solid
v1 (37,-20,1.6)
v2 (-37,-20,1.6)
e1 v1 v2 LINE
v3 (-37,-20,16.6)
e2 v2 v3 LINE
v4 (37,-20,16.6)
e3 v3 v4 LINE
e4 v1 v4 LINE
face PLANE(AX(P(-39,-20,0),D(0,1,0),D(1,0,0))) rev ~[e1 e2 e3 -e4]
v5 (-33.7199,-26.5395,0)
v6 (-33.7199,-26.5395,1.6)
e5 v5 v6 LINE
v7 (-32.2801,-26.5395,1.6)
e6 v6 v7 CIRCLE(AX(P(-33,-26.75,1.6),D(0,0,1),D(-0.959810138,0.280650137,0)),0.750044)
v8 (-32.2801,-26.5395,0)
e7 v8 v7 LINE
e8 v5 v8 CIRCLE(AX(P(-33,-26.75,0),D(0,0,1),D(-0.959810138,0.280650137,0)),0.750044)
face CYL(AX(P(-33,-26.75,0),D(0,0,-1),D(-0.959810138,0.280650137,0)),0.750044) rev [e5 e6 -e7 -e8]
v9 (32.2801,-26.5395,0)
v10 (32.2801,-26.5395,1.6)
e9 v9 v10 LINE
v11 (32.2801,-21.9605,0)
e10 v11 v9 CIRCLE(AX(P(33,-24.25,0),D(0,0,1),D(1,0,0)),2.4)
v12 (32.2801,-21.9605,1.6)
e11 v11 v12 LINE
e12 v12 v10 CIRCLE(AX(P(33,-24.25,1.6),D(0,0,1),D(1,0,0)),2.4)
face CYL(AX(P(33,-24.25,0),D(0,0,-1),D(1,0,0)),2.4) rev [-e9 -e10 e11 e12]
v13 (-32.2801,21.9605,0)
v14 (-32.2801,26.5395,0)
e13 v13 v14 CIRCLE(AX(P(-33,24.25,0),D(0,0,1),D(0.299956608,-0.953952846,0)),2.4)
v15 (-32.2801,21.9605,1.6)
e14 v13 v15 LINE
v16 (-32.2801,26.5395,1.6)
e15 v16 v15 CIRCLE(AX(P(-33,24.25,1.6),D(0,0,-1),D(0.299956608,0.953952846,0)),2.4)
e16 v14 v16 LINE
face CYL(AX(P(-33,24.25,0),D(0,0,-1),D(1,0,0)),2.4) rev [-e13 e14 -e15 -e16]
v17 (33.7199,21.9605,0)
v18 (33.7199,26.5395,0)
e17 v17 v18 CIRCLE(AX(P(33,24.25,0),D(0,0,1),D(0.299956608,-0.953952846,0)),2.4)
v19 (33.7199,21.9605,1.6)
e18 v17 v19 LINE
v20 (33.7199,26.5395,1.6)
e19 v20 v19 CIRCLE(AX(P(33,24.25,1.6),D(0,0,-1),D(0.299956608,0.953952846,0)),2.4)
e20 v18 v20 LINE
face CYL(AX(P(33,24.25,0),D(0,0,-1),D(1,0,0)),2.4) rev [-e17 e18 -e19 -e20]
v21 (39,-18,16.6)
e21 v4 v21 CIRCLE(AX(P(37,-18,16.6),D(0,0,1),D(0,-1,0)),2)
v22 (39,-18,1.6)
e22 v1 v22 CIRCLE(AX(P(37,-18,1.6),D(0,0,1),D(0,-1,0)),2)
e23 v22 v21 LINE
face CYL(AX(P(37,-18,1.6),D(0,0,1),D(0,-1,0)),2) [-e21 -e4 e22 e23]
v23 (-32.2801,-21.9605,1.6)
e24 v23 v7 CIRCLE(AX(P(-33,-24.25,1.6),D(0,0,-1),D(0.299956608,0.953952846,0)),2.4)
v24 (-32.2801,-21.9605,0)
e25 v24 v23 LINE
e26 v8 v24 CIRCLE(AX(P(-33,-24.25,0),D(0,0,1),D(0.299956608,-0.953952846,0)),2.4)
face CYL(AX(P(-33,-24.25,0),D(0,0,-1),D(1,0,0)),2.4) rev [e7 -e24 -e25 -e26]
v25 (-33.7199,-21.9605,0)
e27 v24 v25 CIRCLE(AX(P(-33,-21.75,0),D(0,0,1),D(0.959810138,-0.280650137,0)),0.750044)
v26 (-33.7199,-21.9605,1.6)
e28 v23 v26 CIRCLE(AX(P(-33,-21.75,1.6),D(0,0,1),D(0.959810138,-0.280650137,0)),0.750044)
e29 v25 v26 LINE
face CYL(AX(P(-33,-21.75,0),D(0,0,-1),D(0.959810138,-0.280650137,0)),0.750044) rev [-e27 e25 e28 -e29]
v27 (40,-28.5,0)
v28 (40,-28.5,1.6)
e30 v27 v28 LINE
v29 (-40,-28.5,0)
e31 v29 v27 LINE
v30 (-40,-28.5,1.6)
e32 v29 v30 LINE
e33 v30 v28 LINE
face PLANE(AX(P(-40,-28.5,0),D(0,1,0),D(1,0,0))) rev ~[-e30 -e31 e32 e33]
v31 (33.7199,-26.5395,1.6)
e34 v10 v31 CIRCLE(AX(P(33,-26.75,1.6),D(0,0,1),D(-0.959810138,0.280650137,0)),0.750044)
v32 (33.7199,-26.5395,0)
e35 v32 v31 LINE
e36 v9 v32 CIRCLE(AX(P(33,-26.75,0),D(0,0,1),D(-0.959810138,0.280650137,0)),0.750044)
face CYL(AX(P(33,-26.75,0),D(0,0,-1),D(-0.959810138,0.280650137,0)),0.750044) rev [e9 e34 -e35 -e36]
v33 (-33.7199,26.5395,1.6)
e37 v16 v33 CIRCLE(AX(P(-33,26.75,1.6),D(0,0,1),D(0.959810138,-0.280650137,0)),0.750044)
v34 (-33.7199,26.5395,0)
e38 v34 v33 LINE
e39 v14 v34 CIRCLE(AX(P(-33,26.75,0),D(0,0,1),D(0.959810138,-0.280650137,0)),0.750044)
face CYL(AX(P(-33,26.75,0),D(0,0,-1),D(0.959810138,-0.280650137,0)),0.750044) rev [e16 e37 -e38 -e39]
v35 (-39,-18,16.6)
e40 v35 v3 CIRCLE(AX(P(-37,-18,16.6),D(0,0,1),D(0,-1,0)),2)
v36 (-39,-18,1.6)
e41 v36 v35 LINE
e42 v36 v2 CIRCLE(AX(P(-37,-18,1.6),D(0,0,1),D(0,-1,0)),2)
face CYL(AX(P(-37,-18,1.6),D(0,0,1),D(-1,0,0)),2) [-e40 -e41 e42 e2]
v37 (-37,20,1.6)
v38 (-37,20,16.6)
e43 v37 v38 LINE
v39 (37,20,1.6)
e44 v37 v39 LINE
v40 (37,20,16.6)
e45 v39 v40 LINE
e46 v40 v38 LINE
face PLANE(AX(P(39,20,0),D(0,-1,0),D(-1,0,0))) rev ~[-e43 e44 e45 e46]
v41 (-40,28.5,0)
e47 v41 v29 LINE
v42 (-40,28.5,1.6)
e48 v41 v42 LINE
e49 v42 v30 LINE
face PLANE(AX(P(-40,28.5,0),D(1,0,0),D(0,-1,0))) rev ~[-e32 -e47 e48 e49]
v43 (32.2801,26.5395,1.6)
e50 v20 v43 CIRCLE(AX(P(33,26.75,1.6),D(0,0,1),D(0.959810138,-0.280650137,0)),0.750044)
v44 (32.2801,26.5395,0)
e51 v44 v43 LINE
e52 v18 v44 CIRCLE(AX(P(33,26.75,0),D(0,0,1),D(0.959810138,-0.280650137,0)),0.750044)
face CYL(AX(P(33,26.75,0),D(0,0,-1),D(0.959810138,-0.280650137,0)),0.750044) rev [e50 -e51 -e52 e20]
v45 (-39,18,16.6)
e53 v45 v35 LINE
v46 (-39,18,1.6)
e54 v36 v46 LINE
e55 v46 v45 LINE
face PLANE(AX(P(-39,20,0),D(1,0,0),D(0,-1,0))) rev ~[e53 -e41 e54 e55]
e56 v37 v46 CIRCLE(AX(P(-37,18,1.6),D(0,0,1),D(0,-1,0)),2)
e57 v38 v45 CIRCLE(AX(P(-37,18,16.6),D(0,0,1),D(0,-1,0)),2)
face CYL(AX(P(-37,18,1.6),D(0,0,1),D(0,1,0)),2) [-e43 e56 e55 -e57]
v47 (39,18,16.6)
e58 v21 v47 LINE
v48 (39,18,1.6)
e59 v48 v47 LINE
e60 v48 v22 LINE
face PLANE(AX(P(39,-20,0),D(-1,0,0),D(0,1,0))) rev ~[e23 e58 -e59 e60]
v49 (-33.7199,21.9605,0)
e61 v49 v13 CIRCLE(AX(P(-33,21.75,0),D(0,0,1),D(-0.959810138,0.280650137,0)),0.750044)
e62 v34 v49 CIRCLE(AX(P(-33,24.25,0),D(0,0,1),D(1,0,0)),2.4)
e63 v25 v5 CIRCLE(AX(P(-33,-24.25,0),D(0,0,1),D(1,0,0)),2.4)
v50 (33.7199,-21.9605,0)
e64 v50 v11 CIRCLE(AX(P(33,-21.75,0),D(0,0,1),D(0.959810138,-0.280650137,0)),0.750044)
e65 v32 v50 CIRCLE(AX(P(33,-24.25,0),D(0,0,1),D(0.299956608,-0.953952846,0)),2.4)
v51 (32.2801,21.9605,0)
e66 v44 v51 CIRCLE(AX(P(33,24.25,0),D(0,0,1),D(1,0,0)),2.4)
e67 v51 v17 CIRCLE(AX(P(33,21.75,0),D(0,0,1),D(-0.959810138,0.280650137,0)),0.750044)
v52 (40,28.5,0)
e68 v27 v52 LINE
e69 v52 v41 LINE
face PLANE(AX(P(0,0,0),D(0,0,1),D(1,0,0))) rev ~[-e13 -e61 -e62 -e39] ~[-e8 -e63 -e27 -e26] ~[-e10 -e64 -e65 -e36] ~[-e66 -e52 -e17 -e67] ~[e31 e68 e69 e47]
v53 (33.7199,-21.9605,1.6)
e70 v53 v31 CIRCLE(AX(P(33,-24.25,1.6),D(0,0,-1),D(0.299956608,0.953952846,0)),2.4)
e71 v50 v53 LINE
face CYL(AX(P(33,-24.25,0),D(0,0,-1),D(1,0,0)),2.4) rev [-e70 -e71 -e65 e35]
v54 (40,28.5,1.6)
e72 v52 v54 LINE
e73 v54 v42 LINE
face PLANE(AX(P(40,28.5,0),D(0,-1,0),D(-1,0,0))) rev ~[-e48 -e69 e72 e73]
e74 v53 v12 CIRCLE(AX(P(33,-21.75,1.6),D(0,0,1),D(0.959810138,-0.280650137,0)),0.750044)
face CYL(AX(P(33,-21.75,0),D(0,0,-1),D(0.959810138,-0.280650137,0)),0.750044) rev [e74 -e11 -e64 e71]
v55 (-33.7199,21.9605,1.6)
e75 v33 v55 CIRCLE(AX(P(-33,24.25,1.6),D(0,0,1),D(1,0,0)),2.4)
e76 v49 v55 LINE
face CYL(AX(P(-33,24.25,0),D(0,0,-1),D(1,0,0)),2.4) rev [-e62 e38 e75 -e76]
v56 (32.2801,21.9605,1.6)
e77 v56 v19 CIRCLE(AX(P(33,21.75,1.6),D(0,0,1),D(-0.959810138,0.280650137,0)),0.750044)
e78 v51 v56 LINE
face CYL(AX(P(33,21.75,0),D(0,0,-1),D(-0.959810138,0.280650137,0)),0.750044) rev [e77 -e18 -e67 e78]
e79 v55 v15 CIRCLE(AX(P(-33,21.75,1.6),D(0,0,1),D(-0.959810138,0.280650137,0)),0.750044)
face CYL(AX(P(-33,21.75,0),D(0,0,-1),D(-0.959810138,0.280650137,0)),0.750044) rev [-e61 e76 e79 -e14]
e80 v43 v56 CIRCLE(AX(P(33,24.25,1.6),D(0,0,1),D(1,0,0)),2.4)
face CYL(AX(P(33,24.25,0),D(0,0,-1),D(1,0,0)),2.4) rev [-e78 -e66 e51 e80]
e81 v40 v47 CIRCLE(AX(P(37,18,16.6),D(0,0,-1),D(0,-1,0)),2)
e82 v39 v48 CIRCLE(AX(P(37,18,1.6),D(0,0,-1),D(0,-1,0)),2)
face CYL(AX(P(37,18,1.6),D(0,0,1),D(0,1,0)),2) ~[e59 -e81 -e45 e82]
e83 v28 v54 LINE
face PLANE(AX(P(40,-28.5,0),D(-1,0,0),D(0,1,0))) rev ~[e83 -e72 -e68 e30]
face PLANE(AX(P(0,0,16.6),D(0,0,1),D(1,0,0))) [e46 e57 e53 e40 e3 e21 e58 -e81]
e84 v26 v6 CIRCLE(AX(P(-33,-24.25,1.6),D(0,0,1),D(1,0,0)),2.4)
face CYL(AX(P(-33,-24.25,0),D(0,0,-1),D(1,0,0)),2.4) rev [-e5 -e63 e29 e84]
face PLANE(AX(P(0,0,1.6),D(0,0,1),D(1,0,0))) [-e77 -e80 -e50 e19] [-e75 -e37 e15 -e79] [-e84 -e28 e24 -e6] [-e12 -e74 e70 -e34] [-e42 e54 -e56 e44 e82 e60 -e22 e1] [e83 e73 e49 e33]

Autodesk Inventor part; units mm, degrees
ref_plane "YZ Plane" through (0, 0, 0) normal (1, 0, 0) x (0, 1, 0)
ref_plane "XZ Plane" through (0, 0, 0) normal (0, 1, 0) x (-1, 0, 0)
ref_plane "XY Plane" through (0, 0, 0) normal (0, 0, 1) x (1, 0, 0)
sketch "Sketch1" plane through (0, 0, 0) normal (0, 0, 1) x (1, 0, 0)
  line L0 (40, 28.5) -> (-40, 28.5)
  line L1 (-40, 28.5) -> (-40, -28.5)
  line L2 (-40, -28.5) -> (40, -28.5)
  line L3 (40, -28.5) -> (40, 28.5)
  line L4 (40, 28.5) -> (-40, -28.5) construction
  line L5 (-40, 28.5) -> (40, -28.5) construction
  line L6 (-33, 24.25) -> (33, 24.25) construction
  line L7 (33, 24.25) -> (33, -24.25) construction
  line L8 (33, -24.25) -> (-33, -24.25) construction
  line L9 (-33, -24.25) -> (-33, 24.25) construction
  line L10 (-33, 24.25) -> (33, -24.25) construction
  line L11 (33, 24.25) -> (-33, -24.25) construction
  line L12 (40, 0) -> (-40, 0) construction
  line L13 (0, 28.5) -> (0, -28.5) construction
  circle A0 centre (33, 24.25) radius 2.4
  circle A1 centre (-33, 24.25) radius 2.4
  circle A2 centre (33, -24.25) radius 2.4
  circle A3 centre (-33, -24.25) radius 2.4
  line L14 (33, 27.5) -> (33, 21) construction
  arc A4 (32.2801, 21.9605) -> (33.7199, 21.9605) centre (33, 21.75) ccw
  arc A5 (-33.7199, 21.9605) -> (-32.2801, 21.9605) centre (-33, 21.75) ccw
  arc A6 (33.7199, -21.9605) -> (32.2801, -21.9605) centre (33, -21.75) ccw
  arc A7 (-32.2801, -21.9605) -> (-33.7199, -21.9605) centre (-33, -21.75) ccw
  line L15 (39, 20) -> (-39, 20)
  line L16 (-39, 20) -> (-39, -20)
  line L17 (-39, -20) -> (39, -20)
  line L18 (39, -20) -> (39, 20)
  line L19 (39, 20) -> (-39, -20) construction
  line L20 (-39, 20) -> (39, -20) construction
  arc A8 (33.7199, 26.5395) -> (32.2801, 26.5395) centre (33, 26.75) ccw
  arc A9 (-32.2801, 26.5395) -> (-33.7199, 26.5395) centre (-33, 26.75) ccw
  arc A10 (32.2801, -26.5395) -> (33.7199, -26.5395) centre (33, -26.75) ccw
  arc A11 (-33.7199, -26.5395) -> (-32.2801, -26.5395) centre (-33, -26.75) ccw
  point P0 (0, 0)
  point P1 (33, -21)
  point P2 (-32.2801, 21.9605)
  point P3 (-33.7199, 21.9605)
  point P4 (-33.7199, -21.9605)
  point P5 (-32.2801, -21.9605)
  point P6 (32.2801, -21.9605)
  point P7 (33.7199, -21.9605)
  point P8 (32.2801, 26.5395)
  point P9 (33.7199, 26.5395)
  point P10 (-33.7199, 26.5395)
  point P11 (-32.2801, 26.5395)
  point P12 (-32.2801, -26.5395)
  point P13 (-33.7199, -26.5395)
  point P14 (33.7199, -26.5395)
  point P15 (32.2801, -26.5395)
  dimension "d0" = 80
  dimension "d1" = 57
  dimension "d19" = 4.8
  dimension "d30" = 6.5
  dimension "d33" = 48.5
  dimension "d34" = 66
  dimension "d36" = 1.5
  dimension "d37" = 8.5
  dimension "d38" = 1
  dimension "d41" = 14
  dimension "d42" = 6.5
  dimension "d43" = 1
extrude "Extrusion1" add sketch "Sketch1" along normal blind 1.6 contours L3 L2 L1 L0 | L18 L17 L16 L15
extrude "Extrusion2" add sketch "Sketch1" along normal blind 16.6 contours L18 L17 L16 L15
fillet "Fillet1" radius 2 4 edges at (39, -20, 9.1) (39, 20, 9.1) (-39, -20, 9.1) (-39, 20, 9.1)
properties part number "SUSTAINA-POWER-DISTRIBUTION-BOARD" material "Acetal Resin, Black"
